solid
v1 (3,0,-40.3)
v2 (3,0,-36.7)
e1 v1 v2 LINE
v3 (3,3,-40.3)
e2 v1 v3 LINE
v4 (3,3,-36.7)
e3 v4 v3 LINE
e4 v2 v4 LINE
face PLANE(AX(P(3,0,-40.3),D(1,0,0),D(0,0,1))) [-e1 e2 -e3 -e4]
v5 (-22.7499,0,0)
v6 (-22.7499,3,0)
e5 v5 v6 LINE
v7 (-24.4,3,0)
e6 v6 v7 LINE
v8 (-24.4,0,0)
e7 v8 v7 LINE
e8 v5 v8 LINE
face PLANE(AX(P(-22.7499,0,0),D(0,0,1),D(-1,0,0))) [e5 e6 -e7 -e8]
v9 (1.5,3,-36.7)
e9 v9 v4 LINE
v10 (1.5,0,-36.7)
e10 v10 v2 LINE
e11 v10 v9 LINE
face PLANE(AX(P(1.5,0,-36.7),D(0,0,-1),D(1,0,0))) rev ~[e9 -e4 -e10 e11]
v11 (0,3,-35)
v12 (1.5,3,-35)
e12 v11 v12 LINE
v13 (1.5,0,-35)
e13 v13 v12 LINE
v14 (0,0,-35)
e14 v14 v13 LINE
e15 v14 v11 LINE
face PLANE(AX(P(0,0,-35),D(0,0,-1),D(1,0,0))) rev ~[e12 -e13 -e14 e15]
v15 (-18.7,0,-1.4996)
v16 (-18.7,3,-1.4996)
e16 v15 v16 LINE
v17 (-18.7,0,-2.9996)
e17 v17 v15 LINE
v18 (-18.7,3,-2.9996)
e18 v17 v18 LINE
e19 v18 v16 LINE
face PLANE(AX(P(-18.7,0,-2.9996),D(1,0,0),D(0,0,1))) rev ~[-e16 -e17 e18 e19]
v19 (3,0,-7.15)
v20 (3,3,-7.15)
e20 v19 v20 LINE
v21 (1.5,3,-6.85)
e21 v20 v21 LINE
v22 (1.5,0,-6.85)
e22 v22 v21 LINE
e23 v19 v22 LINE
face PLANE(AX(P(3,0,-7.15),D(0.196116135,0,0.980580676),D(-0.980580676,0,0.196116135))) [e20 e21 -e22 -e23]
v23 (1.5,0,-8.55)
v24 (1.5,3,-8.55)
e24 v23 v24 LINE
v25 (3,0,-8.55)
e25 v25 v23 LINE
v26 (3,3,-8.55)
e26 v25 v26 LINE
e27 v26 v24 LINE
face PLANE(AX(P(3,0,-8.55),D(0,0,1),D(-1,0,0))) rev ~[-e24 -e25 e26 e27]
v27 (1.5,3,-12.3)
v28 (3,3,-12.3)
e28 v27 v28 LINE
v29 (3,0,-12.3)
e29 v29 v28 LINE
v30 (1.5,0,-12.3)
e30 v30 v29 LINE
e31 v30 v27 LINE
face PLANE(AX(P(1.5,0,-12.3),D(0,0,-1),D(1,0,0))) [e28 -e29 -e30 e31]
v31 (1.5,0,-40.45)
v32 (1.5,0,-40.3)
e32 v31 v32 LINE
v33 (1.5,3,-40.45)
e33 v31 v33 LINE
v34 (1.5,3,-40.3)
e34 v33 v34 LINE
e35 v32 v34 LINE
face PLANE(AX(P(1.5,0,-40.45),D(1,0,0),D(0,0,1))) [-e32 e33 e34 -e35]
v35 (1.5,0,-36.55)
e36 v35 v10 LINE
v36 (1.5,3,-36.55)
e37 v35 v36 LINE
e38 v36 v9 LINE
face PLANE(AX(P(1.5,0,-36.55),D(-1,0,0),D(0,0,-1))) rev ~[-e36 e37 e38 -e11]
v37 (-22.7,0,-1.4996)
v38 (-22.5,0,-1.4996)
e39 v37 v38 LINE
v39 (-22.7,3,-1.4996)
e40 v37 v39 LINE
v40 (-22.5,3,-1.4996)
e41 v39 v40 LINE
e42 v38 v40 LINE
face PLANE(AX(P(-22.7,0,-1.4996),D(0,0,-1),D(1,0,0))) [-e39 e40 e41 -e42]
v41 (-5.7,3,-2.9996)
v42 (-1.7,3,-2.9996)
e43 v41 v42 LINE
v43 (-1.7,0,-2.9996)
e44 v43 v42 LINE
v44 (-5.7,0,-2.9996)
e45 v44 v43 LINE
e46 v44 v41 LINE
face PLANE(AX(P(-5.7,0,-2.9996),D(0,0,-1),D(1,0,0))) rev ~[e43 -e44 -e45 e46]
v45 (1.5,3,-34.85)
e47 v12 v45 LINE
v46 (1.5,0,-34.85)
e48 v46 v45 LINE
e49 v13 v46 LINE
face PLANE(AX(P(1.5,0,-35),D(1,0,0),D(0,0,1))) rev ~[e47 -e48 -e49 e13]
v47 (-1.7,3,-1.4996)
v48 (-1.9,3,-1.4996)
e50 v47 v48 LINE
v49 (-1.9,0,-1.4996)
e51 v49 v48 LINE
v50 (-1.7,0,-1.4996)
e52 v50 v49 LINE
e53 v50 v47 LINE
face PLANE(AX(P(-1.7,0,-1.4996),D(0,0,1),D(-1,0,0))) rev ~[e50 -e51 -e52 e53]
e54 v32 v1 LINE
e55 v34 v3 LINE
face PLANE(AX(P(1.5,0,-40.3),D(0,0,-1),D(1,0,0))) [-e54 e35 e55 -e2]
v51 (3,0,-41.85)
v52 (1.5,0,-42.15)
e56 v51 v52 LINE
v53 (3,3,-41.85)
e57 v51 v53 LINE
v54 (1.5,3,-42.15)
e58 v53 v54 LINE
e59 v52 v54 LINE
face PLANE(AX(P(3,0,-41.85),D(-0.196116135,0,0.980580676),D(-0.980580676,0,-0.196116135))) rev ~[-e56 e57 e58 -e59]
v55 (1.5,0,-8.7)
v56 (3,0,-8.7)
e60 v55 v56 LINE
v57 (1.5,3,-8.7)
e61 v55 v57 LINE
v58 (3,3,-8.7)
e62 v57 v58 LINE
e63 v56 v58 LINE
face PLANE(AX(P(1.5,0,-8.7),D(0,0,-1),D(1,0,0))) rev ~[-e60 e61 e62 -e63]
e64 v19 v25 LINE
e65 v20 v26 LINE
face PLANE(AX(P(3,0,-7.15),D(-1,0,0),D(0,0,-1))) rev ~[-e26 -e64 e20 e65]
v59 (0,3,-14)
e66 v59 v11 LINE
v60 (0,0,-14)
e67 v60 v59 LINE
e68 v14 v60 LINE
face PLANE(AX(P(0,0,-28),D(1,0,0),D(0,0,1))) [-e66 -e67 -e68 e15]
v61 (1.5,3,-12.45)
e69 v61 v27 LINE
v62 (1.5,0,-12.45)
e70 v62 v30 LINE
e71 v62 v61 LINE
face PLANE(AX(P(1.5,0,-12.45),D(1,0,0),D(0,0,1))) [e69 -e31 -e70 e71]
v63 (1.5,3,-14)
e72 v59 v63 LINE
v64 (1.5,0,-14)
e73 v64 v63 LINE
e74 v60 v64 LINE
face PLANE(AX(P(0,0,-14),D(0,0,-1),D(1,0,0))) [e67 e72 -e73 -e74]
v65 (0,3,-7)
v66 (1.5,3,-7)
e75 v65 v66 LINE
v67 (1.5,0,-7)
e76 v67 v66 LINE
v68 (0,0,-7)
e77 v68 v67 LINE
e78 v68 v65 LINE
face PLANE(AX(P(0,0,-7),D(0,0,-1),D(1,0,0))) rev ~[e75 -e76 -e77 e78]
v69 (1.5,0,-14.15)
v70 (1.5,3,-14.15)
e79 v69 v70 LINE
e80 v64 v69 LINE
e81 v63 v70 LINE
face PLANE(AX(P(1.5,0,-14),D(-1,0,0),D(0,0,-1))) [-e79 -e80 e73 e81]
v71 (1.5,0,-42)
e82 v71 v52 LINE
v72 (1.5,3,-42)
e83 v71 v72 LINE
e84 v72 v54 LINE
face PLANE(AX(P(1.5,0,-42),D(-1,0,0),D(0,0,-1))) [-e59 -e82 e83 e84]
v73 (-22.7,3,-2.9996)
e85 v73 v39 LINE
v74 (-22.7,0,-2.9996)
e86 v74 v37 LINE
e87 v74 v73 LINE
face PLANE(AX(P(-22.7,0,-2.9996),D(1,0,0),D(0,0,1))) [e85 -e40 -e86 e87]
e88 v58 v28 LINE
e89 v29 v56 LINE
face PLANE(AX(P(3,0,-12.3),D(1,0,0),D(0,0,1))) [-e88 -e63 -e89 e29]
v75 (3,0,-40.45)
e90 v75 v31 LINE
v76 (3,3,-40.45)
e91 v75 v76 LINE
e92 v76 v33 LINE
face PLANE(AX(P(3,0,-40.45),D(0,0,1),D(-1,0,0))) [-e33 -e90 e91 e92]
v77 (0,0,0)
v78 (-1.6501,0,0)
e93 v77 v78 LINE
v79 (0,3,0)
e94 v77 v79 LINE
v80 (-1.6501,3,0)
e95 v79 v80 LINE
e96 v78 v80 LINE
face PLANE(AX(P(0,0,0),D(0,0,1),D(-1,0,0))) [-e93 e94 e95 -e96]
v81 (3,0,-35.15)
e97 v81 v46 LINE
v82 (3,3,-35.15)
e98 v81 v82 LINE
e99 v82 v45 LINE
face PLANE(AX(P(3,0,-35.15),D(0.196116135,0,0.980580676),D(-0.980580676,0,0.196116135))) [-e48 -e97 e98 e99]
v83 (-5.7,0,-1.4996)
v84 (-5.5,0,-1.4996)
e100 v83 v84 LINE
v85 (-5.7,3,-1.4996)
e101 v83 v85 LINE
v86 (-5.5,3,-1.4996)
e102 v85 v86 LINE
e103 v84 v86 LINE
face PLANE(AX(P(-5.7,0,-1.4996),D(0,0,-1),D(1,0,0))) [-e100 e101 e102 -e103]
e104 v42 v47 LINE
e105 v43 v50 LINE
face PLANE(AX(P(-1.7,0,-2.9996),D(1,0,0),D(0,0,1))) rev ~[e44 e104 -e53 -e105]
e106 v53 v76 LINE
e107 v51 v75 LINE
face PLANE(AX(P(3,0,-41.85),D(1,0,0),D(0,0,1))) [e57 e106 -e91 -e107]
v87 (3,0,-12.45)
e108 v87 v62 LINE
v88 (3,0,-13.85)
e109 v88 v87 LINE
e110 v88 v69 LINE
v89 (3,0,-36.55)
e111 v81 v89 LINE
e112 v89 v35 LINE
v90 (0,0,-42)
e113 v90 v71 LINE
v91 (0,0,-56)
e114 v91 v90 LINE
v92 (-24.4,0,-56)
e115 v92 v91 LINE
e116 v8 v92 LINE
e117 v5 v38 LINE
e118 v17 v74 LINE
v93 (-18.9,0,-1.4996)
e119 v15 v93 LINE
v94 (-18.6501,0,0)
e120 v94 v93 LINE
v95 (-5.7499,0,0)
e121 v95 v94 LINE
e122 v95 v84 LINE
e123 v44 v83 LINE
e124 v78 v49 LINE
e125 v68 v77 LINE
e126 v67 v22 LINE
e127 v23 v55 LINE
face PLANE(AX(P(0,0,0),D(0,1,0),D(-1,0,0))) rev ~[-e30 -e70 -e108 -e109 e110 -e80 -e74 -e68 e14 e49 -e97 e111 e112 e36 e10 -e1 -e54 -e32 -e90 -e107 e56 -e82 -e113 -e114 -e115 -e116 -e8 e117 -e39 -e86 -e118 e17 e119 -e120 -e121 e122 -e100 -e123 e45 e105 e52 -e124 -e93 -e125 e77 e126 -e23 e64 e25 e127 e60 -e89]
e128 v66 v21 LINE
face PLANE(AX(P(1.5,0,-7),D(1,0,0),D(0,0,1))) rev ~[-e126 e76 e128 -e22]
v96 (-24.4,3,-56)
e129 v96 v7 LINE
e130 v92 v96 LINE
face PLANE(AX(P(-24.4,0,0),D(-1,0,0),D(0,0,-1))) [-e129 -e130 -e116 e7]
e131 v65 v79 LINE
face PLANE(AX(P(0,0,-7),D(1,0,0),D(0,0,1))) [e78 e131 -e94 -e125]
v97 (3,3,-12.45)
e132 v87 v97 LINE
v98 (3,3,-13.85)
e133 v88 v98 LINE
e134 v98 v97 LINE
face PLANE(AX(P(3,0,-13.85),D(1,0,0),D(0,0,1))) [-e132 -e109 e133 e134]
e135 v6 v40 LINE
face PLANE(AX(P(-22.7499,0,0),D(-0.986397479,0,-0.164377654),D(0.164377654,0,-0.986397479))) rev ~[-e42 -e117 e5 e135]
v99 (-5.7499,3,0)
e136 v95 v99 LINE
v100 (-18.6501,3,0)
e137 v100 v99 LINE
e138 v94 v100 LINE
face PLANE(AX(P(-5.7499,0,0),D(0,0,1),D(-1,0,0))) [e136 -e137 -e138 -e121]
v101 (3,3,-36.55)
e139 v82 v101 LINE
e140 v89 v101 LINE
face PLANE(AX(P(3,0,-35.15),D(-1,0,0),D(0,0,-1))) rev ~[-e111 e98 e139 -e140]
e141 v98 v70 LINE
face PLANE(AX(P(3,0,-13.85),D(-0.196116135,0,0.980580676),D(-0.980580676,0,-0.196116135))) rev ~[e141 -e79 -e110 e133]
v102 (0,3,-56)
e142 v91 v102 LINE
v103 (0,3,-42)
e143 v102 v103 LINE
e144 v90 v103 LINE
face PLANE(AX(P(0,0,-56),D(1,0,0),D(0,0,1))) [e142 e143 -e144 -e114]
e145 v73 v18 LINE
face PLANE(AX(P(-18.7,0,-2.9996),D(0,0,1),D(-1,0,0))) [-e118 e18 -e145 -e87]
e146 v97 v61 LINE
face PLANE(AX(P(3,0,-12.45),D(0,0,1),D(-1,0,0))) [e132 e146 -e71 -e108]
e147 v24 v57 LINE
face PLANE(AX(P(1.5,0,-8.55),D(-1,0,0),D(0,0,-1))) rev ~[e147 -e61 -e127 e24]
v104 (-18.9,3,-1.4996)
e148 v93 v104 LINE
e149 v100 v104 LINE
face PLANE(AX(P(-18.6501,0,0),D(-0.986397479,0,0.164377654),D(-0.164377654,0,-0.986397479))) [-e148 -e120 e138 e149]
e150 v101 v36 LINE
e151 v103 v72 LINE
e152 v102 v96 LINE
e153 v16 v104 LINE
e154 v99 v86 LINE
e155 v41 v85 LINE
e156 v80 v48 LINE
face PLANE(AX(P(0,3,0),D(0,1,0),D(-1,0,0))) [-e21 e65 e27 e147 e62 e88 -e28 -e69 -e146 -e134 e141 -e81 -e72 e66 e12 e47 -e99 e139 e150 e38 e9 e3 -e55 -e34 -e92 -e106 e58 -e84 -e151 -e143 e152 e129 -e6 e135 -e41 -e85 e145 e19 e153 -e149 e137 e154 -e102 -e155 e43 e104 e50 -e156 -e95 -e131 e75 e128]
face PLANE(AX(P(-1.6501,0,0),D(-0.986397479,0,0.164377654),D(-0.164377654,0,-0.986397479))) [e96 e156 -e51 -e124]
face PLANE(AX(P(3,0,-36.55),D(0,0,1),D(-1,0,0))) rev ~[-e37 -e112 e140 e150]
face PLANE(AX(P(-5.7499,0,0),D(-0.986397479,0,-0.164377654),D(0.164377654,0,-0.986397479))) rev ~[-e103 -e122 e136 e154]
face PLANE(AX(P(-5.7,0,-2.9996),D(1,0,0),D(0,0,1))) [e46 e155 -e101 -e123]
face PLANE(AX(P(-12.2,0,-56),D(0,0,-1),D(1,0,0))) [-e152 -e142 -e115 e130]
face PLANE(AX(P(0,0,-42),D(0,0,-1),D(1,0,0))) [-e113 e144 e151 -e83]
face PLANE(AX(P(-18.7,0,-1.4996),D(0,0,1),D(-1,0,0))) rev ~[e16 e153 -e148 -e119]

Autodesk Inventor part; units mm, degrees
ref_plane "YZ Plane" through (0, 0, 0) normal (1, 0, 0) x (0, 1, 0)
ref_plane "XZ Plane" through (0, 0, 0) normal (0, 1, 0) x (-1, 0, 0)
ref_plane "XY Plane" through (0, 0, 0) normal (0, 0, 1) x (1, 0, 0)
sketch "草圖1" plane through (0, 0, 0) normal (0, 1, 0) x (-1, 0, 0)
  line L0 (0, 0) -> (24.4, 0)
  line L1 (24.4, 0) -> (24.4, -56)
  line L2 (24.4, -56) -> (0, -56)
  line L3 (0, -56) -> (0, 0)
  line L4 (5.7, 0) -> (1.7, 0)
  line L5 (22.6499, 0) -> (18.7501, 0)
  line L6 (18.7, -2.9996) -> (22.7, -2.9996)
  line L7 (22.7, -2.9996) -> (22.7, -1.4996)
  line L8 (22.7, -1.4996) -> (22.5, -1.4996)
  line L9 (22.6499, 0) -> (22.7499, 0)
  line L10 (22.7499, 0) -> (22.5, -1.4996)
  line L11 (20.7, 0) -> (20.7, -2.9996)
  line L12 (18.7, -2.9996) -> (18.7, -1.4996)
  line L13 (18.7, -1.4996) -> (18.9, -1.4996)
  line L14 (18.6501, 0) -> (18.9, -1.4996)
  line L15 (12.2, 0) -> (12.2, -56)
  line L16 (5.7, -2.9996) -> (1.7, -2.9996)
  line L17 (1.7, -2.9996) -> (1.7, -1.4996)
  line L18 (1.7, -1.4996) -> (1.9, -1.4996)
  line L19 (1.6501, 0) -> (1.9, -1.4996)
  line L20 (5.7, -2.9996) -> (5.7, -1.4996)
  line L21 (5.7, -1.4996) -> (5.5, -1.4996)
  line L22 (5.7499, 0) -> (5.5, -1.4996)
  line L23 (0, -7) -> (-1.5, -7)
  line L24 (-1.5, -7) -> (-1.5, -6.85)
  line L25 (-3, -7.15) -> (-1.5, -6.85)
  line L26 (-3, -7.15) -> (-3, -8.55)
  line L27 (-3, -8.55) -> (-1.5, -8.55)
  line L28 (-1.5, -8.55) -> (-1.5, -8.7)
  line L29 (-1.5, -8.7) -> (-3, -8.7)
  line L30 (-3, -8.7) -> (-3, -10.5)
  line L31 (-3, -10.5) -> (0, -10.5)
  line L32 (0, -14) -> (-1.5, -14)
  line L33 (-1.5, -14) -> (-1.5, -14.15)
  line L34 (-3, -13.85) -> (-1.5, -14.15)
  line L35 (-3, -13.85) -> (-3, -12.45)
  line L36 (-3, -12.45) -> (-1.5, -12.45)
  line L37 (-1.5, -12.45) -> (-1.5, -12.3)
  line L38 (-1.5, -12.3) -> (-3, -12.3)
  line L39 (-3, -12.3) -> (-3, -10.5)
  line L40 (24.4, -28) -> (0, -28)
  line L41 (0, -42) -> (-1.5, -42)
  line L42 (-3, -41.85) -> (-1.5, -42.15)
  line L43 (-1.5, -42) -> (-1.5, -42.15)
  line L44 (-1.5, -35) -> (-1.5, -34.85)
  line L45 (-3, -35.15) -> (-1.5, -34.85)
  line L46 (-1.5, -36.55) -> (-1.5, -36.7)
  line L47 (-3, -35.15) -> (-3, -36.55)
  line L48 (-3, -36.55) -> (-1.5, -36.55)
  line L49 (-1.5, -36.7) -> (-3, -36.7)
  line L50 (-3, -38.5) -> (0, -38.5)
  line L51 (-3, -36.7) -> (-3, -38.5)
  line L52 (-1.5, -40.45) -> (-1.5, -40.3)
  line L53 (-1.5, -40.3) -> (-3, -40.3)
  line L54 (-3, -40.3) -> (-3, -38.5)
  line L55 (-3, -40.45) -> (-1.5, -40.45)
  line L56 (-3, -41.85) -> (-3, -40.45)
  line L57 (0, -35) -> (-1.5, -35)
  line L58 (24.4, -7) -> (25.9, -7)
  line L59 (25.9, -7) -> (25.9, -6.85)
  line L60 (27.4, -7.15) -> (25.9, -6.85)
  line L61 (27.4, -7.15) -> (27.4, -8.55)
  line L62 (27.4, -8.55) -> (25.9, -8.55)
  line L63 (25.9, -8.55) -> (25.9, -8.7)
  line L64 (25.9, -8.7) -> (27.4, -8.7)
  line L65 (27.4, -8.7) -> (27.4, -10.5)
  line L66 (27.4, -10.5) -> (24.4, -10.5)
  line L67 (24.4, -14) -> (25.9, -14)
  line L68 (25.9, -14) -> (25.9, -14.15)
  line L69 (25.9, -12.45) -> (25.9, -12.3)
  line L70 (27.4, -13.85) -> (27.4, -12.45)
  line L71 (27.4, -12.45) -> (25.9, -12.45)
  line L72 (25.9, -12.3) -> (27.4, -12.3)
  line L73 (27.4, -12.3) -> (27.4, -10.5)
  line L74 (27.4, -13.85) -> (25.9, -14.15)
  line L75 (25.9, -49) -> (25.9, -49.15)
  line L76 (24.4, -49) -> (25.9, -49)
  line L77 (27.4, -48.85) -> (25.9, -49.15)
  line L78 (25.9, -47.45) -> (25.9, -47.3)
  line L79 (27.4, -48.85) -> (27.4, -47.45)
  line L80 (27.4, -47.45) -> (25.9, -47.45)
  line L81 (25.9, -47.3) -> (27.4, -47.3)
  line L82 (27.4, -47.3) -> (27.4, -45.5)
  line L83 (27.4, -45.5) -> (24.4, -45.5)
  line L84 (27.4, -43.7) -> (27.4, -45.5)
  line L85 (25.9, -43.7) -> (27.4, -43.7)
  line L86 (25.9, -43.55) -> (25.9, -43.7)
  line L87 (27.4, -43.55) -> (25.9, -43.55)
  line L88 (24.4, -42) -> (25.9, -42)
  line L89 (25.9, -42) -> (25.9, -41.85)
  line L90 (27.4, -42.15) -> (25.9, -41.85)
  line L91 (27.4, -42.15) -> (27.4, -43.55)
  point P0 (0, -14)
  point P1 (18.6501, 0)
  point P2 (5.7499, 0)
  point P3 (1.6501, 0)
  dimension "d0" = 56
  dimension "d1" = 24.4
  dimension "d5" = 3
  dimension "d6" = 4
  dimension "d7" = 3.7
  dimension "d8" = 1.5
  dimension "d9" = 0.2
  dimension "d10" = 0.1
  dimension "d11" = 9.462
  dimension "d12" = 1.7
  dimension "d14" = 0.15
  dimension "d17" = 1.4
  dimension "d18" = 0.15
  dimension "d19" = 1.8
  dimension "d20" = 7
  dimension "d21" = 78.69
  dimension "d22" = 25.9
  dimension "d23" = 25.9
  dimension "d24" = 27.4
  dimension "d25" = 27.4
  dimension "d26" = 18.7
  dimension "d27" = 22.7
  dimension "d31" = 0.15
  dimension "d34" = 28
extrude "擠出1" add sketch "草圖1" along normal blind 3 contours L0 L19 L18 L17 L16 L20 L21 L22 L15 L40 L3 | L3 L31 L30 L29 L28 L27 L26 L25 L24 L23 | L3 L32 L33 L34 L35 L36 L37 L38 L39 L31 | L40 L15 L2 L3 | L0 L14 L13 L12 L6 L7 L8 L10 L1 L40 L15 | L3 L50 L51 L49 L46 L48 L47 L45 L44 L57 | L40 L1 L2 L15 | L3 L41 L43 L42 L56 L55 L52 L53 L54 L50
properties part number "左右2"
